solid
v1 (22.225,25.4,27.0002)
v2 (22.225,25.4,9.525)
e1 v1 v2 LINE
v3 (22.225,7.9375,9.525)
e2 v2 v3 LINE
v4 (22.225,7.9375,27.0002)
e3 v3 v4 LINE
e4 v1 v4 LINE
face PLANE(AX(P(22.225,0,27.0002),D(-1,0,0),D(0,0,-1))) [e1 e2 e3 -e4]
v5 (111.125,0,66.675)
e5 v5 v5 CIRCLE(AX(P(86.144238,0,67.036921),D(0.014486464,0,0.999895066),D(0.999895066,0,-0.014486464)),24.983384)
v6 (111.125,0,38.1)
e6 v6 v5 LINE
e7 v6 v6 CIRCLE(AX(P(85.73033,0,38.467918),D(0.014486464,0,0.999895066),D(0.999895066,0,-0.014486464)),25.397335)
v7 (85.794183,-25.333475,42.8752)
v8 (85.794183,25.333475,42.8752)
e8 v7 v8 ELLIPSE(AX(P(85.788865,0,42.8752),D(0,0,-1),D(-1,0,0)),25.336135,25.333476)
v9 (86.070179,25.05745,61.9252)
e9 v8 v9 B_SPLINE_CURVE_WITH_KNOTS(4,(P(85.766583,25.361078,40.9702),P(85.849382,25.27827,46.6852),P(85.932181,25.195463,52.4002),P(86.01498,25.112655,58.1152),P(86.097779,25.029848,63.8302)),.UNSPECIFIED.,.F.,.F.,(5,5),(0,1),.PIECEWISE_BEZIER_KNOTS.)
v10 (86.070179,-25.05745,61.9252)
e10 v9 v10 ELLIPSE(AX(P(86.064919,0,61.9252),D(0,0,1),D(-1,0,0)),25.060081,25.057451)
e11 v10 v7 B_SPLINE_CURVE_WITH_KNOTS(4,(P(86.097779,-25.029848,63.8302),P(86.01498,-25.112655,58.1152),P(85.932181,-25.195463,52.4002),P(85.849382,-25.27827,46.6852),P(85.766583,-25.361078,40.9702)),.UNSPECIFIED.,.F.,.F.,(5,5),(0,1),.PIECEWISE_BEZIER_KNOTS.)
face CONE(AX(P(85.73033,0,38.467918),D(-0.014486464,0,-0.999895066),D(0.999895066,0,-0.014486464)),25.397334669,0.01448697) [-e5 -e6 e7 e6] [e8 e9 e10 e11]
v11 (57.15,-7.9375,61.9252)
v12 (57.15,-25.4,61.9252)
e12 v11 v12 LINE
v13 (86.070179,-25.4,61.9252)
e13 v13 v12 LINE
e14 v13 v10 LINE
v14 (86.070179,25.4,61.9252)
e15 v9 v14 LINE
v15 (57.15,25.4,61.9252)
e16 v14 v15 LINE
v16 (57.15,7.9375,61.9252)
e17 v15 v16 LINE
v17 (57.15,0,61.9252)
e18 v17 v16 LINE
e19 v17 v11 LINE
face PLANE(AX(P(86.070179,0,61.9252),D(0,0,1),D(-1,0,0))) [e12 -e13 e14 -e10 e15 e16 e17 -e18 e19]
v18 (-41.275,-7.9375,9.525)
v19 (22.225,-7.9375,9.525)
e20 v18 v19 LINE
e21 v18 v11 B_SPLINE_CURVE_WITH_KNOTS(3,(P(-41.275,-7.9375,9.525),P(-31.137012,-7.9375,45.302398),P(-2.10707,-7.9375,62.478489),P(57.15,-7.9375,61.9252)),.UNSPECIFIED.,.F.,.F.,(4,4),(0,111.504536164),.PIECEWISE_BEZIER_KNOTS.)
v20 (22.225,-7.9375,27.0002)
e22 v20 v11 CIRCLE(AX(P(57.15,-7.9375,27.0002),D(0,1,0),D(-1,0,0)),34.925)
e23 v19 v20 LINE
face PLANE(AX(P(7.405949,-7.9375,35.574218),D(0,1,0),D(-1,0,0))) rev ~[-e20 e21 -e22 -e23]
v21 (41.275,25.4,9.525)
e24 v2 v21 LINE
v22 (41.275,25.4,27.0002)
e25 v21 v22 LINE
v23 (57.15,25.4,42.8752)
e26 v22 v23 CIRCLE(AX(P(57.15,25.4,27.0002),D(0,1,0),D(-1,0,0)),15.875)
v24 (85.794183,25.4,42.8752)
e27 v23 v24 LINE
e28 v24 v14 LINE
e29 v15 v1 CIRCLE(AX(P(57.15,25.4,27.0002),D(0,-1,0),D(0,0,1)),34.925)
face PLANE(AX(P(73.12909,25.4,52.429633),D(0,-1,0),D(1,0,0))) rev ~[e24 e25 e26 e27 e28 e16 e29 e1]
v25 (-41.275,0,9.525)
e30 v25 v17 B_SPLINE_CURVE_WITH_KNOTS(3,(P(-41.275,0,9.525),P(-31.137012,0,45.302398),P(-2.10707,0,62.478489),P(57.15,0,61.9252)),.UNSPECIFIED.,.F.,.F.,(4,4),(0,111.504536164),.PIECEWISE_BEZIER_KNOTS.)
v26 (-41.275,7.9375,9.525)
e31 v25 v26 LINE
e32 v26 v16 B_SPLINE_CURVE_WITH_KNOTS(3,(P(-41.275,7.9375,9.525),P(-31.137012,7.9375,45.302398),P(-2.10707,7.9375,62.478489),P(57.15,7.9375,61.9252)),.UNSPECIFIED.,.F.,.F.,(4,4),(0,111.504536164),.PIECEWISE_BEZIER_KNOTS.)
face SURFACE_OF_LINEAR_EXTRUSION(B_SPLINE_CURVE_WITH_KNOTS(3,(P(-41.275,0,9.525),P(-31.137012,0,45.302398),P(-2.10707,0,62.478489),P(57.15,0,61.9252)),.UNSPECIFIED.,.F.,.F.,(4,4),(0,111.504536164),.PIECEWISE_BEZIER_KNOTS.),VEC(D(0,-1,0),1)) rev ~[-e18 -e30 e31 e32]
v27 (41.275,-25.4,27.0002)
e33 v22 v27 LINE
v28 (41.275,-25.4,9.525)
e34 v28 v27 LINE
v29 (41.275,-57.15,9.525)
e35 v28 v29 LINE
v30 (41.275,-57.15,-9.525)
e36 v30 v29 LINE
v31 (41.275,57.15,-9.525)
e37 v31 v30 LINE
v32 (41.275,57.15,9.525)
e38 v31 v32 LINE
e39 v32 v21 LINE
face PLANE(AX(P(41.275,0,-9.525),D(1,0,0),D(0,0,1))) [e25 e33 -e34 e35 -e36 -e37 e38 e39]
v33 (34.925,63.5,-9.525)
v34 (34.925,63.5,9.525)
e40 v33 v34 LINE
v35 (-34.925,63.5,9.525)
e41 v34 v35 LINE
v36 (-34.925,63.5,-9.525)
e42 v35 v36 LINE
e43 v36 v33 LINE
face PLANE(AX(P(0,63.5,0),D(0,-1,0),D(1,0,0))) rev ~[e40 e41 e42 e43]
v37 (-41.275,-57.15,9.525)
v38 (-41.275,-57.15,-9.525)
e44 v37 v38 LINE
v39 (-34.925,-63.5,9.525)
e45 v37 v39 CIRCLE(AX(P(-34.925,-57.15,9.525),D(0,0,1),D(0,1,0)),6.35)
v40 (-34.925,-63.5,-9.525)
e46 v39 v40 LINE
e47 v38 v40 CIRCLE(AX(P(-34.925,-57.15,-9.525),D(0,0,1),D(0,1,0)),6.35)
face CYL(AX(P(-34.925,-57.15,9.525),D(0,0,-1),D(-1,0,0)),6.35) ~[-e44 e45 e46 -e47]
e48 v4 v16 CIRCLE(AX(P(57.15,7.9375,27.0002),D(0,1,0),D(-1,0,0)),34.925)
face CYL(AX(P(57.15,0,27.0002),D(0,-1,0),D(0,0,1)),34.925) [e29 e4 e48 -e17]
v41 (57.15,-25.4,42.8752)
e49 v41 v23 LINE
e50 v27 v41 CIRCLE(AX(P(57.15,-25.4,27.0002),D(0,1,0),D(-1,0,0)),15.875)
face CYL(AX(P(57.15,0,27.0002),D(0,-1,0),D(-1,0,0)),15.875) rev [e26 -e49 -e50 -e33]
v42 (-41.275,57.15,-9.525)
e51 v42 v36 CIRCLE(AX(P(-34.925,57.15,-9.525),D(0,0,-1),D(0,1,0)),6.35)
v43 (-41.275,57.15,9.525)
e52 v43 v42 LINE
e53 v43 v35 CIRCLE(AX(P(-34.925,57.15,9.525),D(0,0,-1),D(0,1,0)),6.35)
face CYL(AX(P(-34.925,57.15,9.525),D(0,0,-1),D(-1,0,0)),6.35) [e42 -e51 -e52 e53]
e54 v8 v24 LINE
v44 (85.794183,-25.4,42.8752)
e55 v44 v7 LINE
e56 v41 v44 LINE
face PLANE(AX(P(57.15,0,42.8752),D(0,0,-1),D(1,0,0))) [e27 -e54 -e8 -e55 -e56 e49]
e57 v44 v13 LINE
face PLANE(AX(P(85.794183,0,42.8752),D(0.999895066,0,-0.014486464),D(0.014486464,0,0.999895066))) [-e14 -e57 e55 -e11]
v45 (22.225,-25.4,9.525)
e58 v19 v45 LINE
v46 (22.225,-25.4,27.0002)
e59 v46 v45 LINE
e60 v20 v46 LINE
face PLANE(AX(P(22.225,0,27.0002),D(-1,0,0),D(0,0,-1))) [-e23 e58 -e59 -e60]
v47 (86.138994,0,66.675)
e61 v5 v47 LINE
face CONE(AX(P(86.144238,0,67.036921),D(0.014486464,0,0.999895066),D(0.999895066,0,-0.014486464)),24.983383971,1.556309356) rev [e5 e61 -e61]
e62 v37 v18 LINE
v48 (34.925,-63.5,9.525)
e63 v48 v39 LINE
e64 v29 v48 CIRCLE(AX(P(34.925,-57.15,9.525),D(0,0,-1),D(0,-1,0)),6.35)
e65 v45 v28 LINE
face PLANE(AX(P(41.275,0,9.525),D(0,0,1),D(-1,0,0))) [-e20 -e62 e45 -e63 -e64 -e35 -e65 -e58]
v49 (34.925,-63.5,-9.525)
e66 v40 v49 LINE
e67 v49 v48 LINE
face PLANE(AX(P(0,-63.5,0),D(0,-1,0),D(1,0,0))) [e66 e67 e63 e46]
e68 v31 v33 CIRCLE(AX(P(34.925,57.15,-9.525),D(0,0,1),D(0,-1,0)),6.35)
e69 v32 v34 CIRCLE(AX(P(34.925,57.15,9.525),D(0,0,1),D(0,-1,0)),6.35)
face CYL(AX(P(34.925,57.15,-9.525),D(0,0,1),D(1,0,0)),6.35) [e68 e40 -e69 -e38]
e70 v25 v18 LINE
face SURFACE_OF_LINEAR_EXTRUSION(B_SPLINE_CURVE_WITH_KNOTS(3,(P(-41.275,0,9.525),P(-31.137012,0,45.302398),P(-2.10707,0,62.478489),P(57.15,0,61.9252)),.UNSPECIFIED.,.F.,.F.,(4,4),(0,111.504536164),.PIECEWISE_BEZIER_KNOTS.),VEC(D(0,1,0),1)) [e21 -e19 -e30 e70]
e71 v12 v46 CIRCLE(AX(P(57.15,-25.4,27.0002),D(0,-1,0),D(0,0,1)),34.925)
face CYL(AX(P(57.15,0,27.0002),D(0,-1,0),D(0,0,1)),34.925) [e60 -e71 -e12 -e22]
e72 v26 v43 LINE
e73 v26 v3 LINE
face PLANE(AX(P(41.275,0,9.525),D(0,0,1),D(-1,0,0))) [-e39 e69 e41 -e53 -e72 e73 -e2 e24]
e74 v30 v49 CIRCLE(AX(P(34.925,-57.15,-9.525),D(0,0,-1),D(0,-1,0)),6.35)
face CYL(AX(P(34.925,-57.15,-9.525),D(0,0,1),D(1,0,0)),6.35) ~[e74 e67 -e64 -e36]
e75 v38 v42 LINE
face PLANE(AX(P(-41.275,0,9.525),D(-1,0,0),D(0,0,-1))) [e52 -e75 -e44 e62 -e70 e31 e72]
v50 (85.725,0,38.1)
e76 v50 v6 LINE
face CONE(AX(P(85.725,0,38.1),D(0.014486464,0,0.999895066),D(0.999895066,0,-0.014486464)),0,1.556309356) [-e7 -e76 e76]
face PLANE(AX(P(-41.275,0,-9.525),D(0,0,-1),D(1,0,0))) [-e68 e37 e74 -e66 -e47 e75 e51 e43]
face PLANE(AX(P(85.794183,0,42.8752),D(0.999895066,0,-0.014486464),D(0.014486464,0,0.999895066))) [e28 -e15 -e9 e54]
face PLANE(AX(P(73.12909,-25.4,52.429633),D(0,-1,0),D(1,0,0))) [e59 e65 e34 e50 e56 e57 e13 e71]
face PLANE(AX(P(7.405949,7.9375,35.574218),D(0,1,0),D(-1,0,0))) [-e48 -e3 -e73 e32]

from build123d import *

# Parameters (mm, degrees)
F1_DEPTH = 63.5
F2_DEPTH = 25.4
F3_DEPTH = 7.9375
F5_R     = 6.35


with BuildPart() as f1:
    # F0 (on Front) → F1 (new body, symmetric)
    with BuildSketch(Plane.XZ):
        Polygon((-41.275, -9.525), (41.275, -9.525), (41.275, 9.525), (22.225, 9.525), (-41.275, 9.525), align=None)
    extrude(amount=F1_DEPTH, both=True)

    # F0 (on Front) → F2 (join, symmetric)
    with BuildSketch(Plane.XZ):
        Polygon((86.0701791132, 61.9252), (60.325, 61.9252), (60.325, 42.8752), (85.7941830205, 42.8752), align=None)
        with BuildLine():
            Line((22.225, 9.525), (41.275, 9.525))
            Line((41.275, 9.525), (41.275, 27.0002))
            ThreePointArc((41.275, 27.0002), (45.9246798487, 38.2255201513), (57.15, 42.8752))
            Line((57.15, 42.8752), (60.325, 42.8752))
            Line((60.325, 42.8752), (60.325, 61.9252))
            Line((60.325, 61.9252), (57.15, 61.9252))
            ThreePointArc((57.15, 61.9252), (32.4542956671, 51.6959043329), (22.225, 27.0002))
            Line((22.225, 27.0002), (22.225, 9.525))
        make_face()
    extrude(amount=F2_DEPTH, both=True)

    # F0 (on Front) → F3 (join, symmetric)
    with BuildSketch(Plane.XZ):
        with BuildLine():
            add(Edge.make_bspline(
                [(-41.275, 9.525), (-31.1370120476, 45.302397555), (-2.1070703483, 62.4784893272), (57.15, 61.9252)],
                knots=[0, 0, 0, 0, 111.5045361635, 111.5045361635, 111.5045361635, 111.5045361635], degree=3))
            Line((-41.275, 9.525), (22.225, 9.525))
            Line((22.225, 9.525), (22.225, 27.0002))
            ThreePointArc((22.225, 27.0002), (32.4542956671, 51.6959043329), (57.15, 61.9252))
        make_face()
    extrude(amount=F3_DEPTH, both=True)

    # F0 (on Front) → F4 (revolve)
    with BuildSketch(Plane.XZ):
        Polygon((86.1389941389, 66.675), (86.0701791132, 61.9252), (85.7941830205, 42.8752), (85.725, 38.1), (111.125, 38.1), (111.125, 66.675), align=None)
    revolve(axis=Axis((85.9319970695, 0, 52.3875), (0.0144864636, 0, 0.9998950657)))

    # F5
    f5_edges = [f1.edges().sort_by_distance(p)[0] for p in [
        (41.275, -63.5, 0),
        (-41.275, -63.5, 0),
        (-41.275, 63.5, 0),
        (41.275, 63.5, 0),
    ]]
    fillet(f5_edges, radius=F5_R)


solid = f1.part
